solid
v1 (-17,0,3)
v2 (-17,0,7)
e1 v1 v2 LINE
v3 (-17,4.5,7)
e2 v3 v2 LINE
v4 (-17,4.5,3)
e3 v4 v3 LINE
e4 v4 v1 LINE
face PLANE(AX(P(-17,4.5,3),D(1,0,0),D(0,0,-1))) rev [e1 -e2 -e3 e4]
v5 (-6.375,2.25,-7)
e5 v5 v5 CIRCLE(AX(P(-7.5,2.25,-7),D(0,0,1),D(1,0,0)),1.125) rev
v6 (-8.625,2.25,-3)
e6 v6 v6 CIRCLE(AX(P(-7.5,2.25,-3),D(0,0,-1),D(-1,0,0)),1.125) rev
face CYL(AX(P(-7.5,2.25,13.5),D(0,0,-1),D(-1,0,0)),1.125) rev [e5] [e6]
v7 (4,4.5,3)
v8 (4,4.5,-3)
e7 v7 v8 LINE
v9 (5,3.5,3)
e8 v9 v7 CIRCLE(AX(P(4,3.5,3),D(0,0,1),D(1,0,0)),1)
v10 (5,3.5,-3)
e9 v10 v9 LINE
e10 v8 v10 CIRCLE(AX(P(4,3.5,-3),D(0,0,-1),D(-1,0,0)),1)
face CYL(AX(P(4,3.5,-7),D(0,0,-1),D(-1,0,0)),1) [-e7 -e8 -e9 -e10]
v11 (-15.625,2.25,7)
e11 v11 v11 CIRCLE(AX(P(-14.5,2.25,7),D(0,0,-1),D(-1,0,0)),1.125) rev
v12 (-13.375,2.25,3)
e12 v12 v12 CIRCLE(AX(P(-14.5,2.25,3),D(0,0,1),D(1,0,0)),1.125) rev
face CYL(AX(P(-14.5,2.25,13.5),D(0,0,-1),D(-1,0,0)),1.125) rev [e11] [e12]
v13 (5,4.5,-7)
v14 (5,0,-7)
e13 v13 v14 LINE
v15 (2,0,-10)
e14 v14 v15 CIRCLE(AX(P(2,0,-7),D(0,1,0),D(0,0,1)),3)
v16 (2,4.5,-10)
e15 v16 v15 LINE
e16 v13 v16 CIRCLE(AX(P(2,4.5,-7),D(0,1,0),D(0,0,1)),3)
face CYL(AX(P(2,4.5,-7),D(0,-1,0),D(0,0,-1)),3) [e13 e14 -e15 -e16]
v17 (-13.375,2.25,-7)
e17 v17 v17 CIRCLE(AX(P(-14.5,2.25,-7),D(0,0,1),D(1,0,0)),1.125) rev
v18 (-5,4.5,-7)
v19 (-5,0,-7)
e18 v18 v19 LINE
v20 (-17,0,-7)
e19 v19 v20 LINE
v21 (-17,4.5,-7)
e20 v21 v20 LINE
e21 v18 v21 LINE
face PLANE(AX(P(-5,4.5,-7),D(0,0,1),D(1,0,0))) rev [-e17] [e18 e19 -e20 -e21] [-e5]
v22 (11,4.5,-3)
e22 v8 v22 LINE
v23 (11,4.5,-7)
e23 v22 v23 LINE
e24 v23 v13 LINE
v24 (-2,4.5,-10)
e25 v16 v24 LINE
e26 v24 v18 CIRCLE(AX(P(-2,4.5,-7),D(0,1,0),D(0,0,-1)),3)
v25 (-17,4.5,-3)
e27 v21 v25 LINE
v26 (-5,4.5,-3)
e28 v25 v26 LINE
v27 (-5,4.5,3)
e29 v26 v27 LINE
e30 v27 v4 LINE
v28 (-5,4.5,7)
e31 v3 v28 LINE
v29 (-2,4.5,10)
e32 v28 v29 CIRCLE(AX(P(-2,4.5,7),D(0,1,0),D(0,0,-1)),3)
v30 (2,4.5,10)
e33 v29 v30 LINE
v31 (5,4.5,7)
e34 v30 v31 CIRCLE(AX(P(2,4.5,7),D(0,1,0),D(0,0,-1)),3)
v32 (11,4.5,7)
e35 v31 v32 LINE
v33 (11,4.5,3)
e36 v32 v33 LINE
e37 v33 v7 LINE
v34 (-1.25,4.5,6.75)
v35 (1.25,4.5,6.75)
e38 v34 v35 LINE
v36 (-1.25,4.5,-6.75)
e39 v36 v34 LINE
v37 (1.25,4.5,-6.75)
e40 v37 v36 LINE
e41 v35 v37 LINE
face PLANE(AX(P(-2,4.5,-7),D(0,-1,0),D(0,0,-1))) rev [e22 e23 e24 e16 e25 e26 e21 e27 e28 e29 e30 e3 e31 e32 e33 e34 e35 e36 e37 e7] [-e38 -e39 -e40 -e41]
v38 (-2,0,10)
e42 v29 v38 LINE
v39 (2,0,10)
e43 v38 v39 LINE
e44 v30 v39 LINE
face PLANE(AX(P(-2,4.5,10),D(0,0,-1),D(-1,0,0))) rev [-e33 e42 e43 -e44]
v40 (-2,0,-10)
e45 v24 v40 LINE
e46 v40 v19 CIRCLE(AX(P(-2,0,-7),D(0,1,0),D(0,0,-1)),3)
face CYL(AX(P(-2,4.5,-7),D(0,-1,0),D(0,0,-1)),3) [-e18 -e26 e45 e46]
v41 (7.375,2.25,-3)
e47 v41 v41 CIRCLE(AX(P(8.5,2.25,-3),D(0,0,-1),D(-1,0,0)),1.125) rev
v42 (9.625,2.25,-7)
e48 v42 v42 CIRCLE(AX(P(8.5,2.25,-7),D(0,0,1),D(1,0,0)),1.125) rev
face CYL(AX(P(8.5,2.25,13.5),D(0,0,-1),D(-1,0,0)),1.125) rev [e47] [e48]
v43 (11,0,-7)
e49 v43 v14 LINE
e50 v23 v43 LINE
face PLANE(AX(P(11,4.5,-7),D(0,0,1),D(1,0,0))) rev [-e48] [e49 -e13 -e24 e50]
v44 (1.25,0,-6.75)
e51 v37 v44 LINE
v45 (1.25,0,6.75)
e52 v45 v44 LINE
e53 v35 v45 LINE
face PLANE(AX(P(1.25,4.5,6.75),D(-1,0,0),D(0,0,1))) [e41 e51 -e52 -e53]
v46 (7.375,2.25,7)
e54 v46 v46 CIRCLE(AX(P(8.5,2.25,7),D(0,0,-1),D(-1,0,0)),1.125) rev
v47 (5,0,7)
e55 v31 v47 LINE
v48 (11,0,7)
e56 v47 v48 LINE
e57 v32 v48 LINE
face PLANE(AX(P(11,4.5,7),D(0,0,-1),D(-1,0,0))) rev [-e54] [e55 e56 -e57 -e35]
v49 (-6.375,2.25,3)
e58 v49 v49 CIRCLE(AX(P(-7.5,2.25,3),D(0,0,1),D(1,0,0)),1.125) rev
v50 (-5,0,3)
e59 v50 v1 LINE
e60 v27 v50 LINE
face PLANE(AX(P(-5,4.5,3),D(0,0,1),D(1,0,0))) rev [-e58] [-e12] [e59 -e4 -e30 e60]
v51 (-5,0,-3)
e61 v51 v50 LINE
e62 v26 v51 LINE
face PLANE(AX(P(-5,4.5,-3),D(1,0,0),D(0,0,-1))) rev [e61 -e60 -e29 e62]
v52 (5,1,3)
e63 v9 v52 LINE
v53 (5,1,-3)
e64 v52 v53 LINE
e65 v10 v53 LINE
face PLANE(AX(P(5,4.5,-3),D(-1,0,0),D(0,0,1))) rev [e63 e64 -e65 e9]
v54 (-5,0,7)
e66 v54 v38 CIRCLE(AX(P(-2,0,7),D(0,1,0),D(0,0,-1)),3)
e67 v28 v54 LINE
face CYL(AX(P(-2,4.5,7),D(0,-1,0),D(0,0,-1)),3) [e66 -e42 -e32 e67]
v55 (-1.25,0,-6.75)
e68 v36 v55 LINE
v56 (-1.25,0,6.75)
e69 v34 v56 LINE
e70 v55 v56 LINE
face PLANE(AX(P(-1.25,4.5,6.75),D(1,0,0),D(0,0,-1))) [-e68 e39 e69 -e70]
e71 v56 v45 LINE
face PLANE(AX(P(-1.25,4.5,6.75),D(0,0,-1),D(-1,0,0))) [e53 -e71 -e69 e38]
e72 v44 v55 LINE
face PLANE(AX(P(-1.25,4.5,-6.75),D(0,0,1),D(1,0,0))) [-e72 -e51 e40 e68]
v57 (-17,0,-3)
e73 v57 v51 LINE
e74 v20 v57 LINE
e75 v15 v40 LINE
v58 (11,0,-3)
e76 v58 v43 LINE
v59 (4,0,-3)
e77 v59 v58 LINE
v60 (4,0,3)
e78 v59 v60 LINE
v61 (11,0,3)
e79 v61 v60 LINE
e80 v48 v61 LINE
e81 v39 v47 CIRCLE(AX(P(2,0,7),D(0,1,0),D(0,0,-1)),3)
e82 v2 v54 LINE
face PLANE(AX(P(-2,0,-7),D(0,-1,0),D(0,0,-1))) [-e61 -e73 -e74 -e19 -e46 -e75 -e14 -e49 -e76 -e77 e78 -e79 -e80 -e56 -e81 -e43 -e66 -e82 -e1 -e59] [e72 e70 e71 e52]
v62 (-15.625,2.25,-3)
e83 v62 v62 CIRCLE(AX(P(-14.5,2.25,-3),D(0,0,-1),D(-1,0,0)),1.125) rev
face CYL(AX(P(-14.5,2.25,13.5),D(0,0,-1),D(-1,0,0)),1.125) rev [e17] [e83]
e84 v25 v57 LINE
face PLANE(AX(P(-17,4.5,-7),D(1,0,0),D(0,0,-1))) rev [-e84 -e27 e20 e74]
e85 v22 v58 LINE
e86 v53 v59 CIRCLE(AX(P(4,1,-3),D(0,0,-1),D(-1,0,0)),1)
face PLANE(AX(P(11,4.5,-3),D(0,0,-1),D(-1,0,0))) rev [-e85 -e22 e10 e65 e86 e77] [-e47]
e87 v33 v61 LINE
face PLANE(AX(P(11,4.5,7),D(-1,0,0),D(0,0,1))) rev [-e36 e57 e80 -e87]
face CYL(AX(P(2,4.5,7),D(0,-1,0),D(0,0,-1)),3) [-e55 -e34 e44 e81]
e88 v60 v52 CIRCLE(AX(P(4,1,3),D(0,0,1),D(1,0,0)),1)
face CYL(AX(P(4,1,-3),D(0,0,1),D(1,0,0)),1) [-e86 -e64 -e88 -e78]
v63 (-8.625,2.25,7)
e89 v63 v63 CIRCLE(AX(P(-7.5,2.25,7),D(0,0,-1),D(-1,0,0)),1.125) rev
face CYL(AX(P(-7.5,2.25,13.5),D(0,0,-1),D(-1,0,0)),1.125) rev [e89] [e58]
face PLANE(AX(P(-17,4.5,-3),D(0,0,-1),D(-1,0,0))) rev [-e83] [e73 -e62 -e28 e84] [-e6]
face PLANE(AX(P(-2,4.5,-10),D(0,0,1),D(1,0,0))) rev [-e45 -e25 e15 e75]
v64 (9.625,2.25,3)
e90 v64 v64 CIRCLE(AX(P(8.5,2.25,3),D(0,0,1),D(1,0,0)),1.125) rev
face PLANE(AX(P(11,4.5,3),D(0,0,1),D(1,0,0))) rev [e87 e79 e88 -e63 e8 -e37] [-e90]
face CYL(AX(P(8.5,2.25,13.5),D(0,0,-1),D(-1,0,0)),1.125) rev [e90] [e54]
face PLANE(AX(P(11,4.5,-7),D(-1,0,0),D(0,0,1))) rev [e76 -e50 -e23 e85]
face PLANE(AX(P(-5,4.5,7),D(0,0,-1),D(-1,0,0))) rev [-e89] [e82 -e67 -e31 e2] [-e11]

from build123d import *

# Parameters (mm, degrees)
CROQUIS1_W                 = 2.5
CROQUIS1_H                 = 13.5
SALIENTE_EXTRUIR1_DEPTH    = 4.5
CORTAR_EXTRUIR4_DEPTH      = 10
CORTAR_EXTRUIR4_DEPTH_BACK = 23.169799277
CROQUIS7_R                 = 1.125
REDONDEO3_R                = 1


with BuildPart() as part:
    # Croquis1 → Saliente-Extruir1 (new body)
    with BuildSketch(Plane(origin=(0, 0, 0), x_dir=(1, 0, 0), z_dir=(0, 1, 0))):
        with BuildLine():
            Line((-2, -10), (2, -10))
            ThreePointArc((2, -10), (4.121320344, -9.121320344), (5, -7))
            Line((5, -7), (11, -7))
            Line((11, -7), (11, -3))
            Line((11, -3), (5, -3))
            Line((5, -3), (5, 3))
            Line((5, 3), (11, 3))
            Line((11, 3), (11, 7))
            Line((11, 7), (5, 7))
            ThreePointArc((5, 7), (4.121320344, 9.121320344), (2, 10))
            Line((2, 10), (-2, 10))
            ThreePointArc((-2, 10), (-4.121320344, 9.121320344), (-5, 7))
            Line((-5, 7), (-17, 7))
            Line((-17, 7), (-17, 3))
            Line((-17, 3), (-5, 3))
            Line((-5, 3), (-5, -3))
            Line((-5, -3), (-17, -3))
            Line((-17, -3), (-17, -7))
            Line((-17, -7), (-5, -7))
            ThreePointArc((-5, -7), (-4.121320344, -9.121320344), (-2, -10))
        make_face()
        Rectangle(CROQUIS1_W, CROQUIS1_H, mode=Mode.SUBTRACT)
    extrude(amount=SALIENTE_EXTRUIR1_DEPTH)

    # Croquis7 → Cortar-Extruir4 (cut, two sides: drawn at the far end of the back side and taken through both)
    with BuildSketch(Plane.XY.offset(3.5).offset(-CORTAR_EXTRUIR4_DEPTH_BACK)):
        with Locations(Location((-14.5, 2.25, 0), (0, 0, 180))):
            Circle(CROQUIS7_R)
        with Locations(Location((8.5, 2.25, 0), (0, 0, 180))):
            Circle(CROQUIS7_R)
        with Locations(Location((-7.5, 2.25, 0), (0, 0, 180))):
            Circle(CROQUIS7_R)
    extrude(amount=CORTAR_EXTRUIR4_DEPTH + CORTAR_EXTRUIR4_DEPTH_BACK, mode=Mode.SUBTRACT)

    # Redondeo3
    redondeo3_edges = [part.edges().sort_by_distance(p)[0] for p in [
        (5, 0, 0),
        (5, 4.5, 0),
    ]]
    fillet(redondeo3_edges, radius=REDONDEO3_R)


solid = part.part
